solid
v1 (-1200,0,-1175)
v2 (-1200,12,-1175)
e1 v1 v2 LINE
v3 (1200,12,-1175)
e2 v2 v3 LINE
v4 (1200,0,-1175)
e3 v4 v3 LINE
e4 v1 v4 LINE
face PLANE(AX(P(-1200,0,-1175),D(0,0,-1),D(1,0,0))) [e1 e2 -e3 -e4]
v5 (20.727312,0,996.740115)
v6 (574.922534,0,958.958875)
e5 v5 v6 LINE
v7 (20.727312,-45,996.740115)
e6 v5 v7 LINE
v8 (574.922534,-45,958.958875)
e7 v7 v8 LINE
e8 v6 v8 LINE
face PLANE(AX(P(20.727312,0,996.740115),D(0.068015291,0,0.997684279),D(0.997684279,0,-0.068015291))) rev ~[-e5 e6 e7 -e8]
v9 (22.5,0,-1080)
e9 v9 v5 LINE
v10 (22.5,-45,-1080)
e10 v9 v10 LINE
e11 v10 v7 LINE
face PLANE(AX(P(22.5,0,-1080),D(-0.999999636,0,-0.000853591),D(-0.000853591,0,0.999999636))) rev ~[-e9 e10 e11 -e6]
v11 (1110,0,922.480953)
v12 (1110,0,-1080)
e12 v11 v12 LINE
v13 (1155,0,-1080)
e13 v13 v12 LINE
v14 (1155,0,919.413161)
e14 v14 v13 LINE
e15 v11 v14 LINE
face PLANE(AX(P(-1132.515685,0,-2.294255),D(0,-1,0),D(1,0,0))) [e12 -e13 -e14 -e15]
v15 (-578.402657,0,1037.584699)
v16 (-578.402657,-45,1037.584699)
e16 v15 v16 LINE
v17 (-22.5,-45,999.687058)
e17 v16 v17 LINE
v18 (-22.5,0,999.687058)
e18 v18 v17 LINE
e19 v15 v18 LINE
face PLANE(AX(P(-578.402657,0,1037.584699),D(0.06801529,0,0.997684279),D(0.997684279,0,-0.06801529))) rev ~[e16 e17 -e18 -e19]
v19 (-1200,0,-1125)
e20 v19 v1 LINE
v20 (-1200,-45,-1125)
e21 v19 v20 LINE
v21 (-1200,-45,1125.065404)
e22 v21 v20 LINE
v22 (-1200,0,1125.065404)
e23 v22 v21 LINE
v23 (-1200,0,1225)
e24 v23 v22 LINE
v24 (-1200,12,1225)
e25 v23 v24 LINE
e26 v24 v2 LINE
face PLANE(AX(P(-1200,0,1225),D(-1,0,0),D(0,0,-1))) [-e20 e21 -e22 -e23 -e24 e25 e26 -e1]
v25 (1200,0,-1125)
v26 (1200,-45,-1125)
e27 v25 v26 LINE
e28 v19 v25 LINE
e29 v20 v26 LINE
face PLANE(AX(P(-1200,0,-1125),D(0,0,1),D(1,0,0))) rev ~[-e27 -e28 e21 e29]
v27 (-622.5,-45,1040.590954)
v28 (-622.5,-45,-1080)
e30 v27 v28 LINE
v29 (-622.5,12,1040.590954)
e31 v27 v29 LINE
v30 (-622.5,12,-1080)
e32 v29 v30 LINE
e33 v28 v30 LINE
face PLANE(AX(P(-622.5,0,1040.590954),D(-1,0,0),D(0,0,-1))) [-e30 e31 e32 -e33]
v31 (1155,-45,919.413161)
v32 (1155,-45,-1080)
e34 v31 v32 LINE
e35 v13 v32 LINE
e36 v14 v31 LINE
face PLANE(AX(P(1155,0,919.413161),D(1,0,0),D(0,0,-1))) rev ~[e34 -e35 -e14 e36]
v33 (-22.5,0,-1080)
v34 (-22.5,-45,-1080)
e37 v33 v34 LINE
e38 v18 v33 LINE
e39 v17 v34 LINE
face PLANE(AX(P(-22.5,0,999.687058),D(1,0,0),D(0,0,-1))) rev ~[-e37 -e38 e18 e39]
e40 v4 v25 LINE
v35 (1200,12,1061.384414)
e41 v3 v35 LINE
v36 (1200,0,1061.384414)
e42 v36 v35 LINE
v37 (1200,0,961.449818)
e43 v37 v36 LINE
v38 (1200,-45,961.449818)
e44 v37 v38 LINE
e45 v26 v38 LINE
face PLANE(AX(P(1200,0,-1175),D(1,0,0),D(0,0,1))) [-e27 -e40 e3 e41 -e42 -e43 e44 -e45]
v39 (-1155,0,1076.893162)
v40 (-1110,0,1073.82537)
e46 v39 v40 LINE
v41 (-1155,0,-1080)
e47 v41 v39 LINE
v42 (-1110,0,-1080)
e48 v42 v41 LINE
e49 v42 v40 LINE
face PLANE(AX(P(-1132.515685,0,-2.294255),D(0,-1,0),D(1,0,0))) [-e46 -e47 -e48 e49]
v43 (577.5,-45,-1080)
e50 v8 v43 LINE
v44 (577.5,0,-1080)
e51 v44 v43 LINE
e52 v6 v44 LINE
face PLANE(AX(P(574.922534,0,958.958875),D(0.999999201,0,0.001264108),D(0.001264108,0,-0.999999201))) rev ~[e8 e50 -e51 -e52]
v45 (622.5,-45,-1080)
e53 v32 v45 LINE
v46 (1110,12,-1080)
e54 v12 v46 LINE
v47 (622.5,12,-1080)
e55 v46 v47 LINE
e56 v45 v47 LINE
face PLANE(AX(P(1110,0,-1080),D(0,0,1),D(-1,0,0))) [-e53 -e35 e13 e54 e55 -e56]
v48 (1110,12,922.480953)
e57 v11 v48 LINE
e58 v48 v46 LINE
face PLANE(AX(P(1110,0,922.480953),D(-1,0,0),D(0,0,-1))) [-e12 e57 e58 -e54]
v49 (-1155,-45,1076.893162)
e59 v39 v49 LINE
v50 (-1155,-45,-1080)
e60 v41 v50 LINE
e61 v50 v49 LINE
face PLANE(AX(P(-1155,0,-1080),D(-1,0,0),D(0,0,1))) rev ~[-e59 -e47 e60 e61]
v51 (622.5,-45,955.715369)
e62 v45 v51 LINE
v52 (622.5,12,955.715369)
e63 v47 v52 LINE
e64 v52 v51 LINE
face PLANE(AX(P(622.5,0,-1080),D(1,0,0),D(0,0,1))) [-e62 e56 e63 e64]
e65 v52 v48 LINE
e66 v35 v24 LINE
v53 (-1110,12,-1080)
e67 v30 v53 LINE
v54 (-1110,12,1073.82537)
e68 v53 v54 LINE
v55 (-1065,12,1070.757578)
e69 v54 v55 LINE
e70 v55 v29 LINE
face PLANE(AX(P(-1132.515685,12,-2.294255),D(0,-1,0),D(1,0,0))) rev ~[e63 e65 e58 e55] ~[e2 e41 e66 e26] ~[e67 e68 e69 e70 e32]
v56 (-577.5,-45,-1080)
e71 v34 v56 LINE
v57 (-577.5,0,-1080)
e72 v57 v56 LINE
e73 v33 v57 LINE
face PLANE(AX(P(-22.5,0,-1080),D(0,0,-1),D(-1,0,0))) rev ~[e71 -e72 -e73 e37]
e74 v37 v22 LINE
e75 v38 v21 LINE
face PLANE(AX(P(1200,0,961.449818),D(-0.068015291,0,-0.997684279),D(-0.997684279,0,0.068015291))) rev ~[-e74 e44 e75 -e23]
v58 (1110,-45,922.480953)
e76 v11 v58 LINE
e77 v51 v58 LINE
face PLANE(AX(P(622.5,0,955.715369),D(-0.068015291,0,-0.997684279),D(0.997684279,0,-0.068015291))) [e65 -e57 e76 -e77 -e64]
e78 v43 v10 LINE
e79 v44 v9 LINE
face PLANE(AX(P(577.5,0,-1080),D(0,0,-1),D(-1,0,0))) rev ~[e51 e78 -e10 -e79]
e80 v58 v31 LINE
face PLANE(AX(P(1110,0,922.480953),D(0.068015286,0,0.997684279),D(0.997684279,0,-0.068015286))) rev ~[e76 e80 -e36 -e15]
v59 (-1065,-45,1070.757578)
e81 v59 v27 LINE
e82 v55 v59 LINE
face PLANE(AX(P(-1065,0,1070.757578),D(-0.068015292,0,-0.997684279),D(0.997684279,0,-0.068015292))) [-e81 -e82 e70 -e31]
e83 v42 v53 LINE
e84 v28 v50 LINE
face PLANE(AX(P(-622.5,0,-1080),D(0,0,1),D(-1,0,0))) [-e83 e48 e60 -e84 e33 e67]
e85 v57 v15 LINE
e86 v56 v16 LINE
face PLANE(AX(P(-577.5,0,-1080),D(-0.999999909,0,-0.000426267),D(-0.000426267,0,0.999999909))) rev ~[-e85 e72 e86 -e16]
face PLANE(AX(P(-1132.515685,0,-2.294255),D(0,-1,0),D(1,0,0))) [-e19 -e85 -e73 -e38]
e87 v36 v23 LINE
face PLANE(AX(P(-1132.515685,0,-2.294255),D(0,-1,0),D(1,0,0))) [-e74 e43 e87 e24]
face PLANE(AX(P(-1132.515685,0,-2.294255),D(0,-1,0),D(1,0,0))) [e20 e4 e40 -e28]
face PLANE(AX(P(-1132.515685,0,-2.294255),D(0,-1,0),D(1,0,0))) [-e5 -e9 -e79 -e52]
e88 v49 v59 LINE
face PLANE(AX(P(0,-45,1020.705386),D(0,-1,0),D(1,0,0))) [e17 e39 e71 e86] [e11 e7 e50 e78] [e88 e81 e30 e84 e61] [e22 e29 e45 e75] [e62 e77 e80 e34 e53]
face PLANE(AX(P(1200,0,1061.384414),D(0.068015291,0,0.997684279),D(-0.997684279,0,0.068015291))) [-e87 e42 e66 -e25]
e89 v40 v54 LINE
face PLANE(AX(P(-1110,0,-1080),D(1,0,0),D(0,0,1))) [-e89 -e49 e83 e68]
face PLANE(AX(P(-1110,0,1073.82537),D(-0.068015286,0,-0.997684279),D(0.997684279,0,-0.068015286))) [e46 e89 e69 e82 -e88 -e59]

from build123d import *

# Parameters (mm, degrees)
F1_DEPTH = 45
F0_W     = 2400
F0_H     = 50
F2_DEPTH = 12


with BuildPart() as f1:
    # F0 (on Front) → F1 (new body)
    with BuildSketch(Plane.XZ):
        Polygon((1155, 919.413161), (1200, 916.345369), (1200, 961.449818), (-1200, 1125.065404), (-1200, 1079.960954), (-1155, 1076.893162), (-1110, 1073.82537), (-1065, 1070.757578), (-622.5, 1040.590954), (-578.402657, 1037.584699), (-22.5, 999.687058), (20.727312, 996.740115), (574.922534, 958.958875), (622.5, 955.715369), (1110, 922.480953), align=None)
        Polygon((-1200, 1079.960954), (-1200, -1080), (-1155, -1080), (-1155, 1076.893162), align=None)
        Polygon((-622.5, 1040.590954), (-622.5, -1080), (-577.5, -1080), (-578.402657, 1037.584699), align=None)
        Polygon((-22.5, -1080), (22.5, -1080), (20.727312, 996.740115), (-22.5, 999.687058), align=None)
        Polygon((577.5, -1080), (622.5, -1080), (622.5, 955.715369), (574.922534, 958.958875), align=None)
        Polygon((1155, -1080), (1200, -1080), (1200, 916.345369), (1155, 919.413161), align=None)
        Polygon((-1200, -1125), (1200, -1125), (1200, -1080), (1155, -1080), (1110, -1080), (622.5, -1080), (577.5, -1080), (22.5, -1080), (-22.5, -1080), (-577.5, -1080), (-622.5, -1080), (-1065, -1080), (-1110, -1080), (-1155, -1080), (-1200, -1080), align=None)
    extrude(amount=F1_DEPTH)

    # F0 (on Front) → F2 (join)
    with BuildSketch(Plane.XZ):
        Polygon((-1155, 1076.893162), (-1155, -1080), (-1110, -1080), (-1110, 1073.82537), align=None)
        Polygon((-578.402657, 1037.584699), (-577.5, -1080), (-22.5, -1080), (-22.5, 999.687058), align=None)
        Polygon((22.5, -1080), (577.5, -1080), (574.922534, 958.958875), (20.727312, 996.740115), align=None)
        Polygon((1110, -1080), (1155, -1080), (1155, 919.413161), (1110, 922.480953), align=None)
        Polygon((-1200, 1125.065404), (1200, 961.449818), (1200, 1061.384414), (-1200, 1225), align=None)
        Polygon((1155, 919.413161), (1200, 916.345369), (1200, 961.449818), (-1200, 1125.065404), (-1200, 1079.960954), (-1155, 1076.893162), (-1110, 1073.82537), (-1065, 1070.757578), (-622.5, 1040.590954), (-578.402657, 1037.584699), (-22.5, 999.687058), (20.727312, 996.740115), (574.922534, 958.958875), (622.5, 955.715369), (1110, 922.480953), align=None)
        Polygon((-1200, 1079.960954), (-1200, -1080), (-1155, -1080), (-1155, 1076.893162), align=None)
        Polygon((-622.5, 1040.590954), (-622.5, -1080), (-577.5, -1080), (-578.402657, 1037.584699), align=None)
        Polygon((-22.5, -1080), (22.5, -1080), (20.727312, 996.740115), (-22.5, 999.687058), align=None)
        Polygon((577.5, -1080), (622.5, -1080), (622.5, 955.715369), (574.922534, 958.958875), align=None)
        Polygon((1155, -1080), (1200, -1080), (1200, 916.345369), (1155, 919.413161), align=None)
        Polygon((-1200, -1125), (1200, -1125), (1200, -1080), (1155, -1080), (1110, -1080), (622.5, -1080), (577.5, -1080), (22.5, -1080), (-22.5, -1080), (-577.5, -1080), (-622.5, -1080), (-1065, -1080), (-1110, -1080), (-1155, -1080), (-1200, -1080), align=None)
        with Locations((0, -1150)):
            Rectangle(F0_W, F0_H)
    extrude(amount=-F2_DEPTH)


solid = f1.part
